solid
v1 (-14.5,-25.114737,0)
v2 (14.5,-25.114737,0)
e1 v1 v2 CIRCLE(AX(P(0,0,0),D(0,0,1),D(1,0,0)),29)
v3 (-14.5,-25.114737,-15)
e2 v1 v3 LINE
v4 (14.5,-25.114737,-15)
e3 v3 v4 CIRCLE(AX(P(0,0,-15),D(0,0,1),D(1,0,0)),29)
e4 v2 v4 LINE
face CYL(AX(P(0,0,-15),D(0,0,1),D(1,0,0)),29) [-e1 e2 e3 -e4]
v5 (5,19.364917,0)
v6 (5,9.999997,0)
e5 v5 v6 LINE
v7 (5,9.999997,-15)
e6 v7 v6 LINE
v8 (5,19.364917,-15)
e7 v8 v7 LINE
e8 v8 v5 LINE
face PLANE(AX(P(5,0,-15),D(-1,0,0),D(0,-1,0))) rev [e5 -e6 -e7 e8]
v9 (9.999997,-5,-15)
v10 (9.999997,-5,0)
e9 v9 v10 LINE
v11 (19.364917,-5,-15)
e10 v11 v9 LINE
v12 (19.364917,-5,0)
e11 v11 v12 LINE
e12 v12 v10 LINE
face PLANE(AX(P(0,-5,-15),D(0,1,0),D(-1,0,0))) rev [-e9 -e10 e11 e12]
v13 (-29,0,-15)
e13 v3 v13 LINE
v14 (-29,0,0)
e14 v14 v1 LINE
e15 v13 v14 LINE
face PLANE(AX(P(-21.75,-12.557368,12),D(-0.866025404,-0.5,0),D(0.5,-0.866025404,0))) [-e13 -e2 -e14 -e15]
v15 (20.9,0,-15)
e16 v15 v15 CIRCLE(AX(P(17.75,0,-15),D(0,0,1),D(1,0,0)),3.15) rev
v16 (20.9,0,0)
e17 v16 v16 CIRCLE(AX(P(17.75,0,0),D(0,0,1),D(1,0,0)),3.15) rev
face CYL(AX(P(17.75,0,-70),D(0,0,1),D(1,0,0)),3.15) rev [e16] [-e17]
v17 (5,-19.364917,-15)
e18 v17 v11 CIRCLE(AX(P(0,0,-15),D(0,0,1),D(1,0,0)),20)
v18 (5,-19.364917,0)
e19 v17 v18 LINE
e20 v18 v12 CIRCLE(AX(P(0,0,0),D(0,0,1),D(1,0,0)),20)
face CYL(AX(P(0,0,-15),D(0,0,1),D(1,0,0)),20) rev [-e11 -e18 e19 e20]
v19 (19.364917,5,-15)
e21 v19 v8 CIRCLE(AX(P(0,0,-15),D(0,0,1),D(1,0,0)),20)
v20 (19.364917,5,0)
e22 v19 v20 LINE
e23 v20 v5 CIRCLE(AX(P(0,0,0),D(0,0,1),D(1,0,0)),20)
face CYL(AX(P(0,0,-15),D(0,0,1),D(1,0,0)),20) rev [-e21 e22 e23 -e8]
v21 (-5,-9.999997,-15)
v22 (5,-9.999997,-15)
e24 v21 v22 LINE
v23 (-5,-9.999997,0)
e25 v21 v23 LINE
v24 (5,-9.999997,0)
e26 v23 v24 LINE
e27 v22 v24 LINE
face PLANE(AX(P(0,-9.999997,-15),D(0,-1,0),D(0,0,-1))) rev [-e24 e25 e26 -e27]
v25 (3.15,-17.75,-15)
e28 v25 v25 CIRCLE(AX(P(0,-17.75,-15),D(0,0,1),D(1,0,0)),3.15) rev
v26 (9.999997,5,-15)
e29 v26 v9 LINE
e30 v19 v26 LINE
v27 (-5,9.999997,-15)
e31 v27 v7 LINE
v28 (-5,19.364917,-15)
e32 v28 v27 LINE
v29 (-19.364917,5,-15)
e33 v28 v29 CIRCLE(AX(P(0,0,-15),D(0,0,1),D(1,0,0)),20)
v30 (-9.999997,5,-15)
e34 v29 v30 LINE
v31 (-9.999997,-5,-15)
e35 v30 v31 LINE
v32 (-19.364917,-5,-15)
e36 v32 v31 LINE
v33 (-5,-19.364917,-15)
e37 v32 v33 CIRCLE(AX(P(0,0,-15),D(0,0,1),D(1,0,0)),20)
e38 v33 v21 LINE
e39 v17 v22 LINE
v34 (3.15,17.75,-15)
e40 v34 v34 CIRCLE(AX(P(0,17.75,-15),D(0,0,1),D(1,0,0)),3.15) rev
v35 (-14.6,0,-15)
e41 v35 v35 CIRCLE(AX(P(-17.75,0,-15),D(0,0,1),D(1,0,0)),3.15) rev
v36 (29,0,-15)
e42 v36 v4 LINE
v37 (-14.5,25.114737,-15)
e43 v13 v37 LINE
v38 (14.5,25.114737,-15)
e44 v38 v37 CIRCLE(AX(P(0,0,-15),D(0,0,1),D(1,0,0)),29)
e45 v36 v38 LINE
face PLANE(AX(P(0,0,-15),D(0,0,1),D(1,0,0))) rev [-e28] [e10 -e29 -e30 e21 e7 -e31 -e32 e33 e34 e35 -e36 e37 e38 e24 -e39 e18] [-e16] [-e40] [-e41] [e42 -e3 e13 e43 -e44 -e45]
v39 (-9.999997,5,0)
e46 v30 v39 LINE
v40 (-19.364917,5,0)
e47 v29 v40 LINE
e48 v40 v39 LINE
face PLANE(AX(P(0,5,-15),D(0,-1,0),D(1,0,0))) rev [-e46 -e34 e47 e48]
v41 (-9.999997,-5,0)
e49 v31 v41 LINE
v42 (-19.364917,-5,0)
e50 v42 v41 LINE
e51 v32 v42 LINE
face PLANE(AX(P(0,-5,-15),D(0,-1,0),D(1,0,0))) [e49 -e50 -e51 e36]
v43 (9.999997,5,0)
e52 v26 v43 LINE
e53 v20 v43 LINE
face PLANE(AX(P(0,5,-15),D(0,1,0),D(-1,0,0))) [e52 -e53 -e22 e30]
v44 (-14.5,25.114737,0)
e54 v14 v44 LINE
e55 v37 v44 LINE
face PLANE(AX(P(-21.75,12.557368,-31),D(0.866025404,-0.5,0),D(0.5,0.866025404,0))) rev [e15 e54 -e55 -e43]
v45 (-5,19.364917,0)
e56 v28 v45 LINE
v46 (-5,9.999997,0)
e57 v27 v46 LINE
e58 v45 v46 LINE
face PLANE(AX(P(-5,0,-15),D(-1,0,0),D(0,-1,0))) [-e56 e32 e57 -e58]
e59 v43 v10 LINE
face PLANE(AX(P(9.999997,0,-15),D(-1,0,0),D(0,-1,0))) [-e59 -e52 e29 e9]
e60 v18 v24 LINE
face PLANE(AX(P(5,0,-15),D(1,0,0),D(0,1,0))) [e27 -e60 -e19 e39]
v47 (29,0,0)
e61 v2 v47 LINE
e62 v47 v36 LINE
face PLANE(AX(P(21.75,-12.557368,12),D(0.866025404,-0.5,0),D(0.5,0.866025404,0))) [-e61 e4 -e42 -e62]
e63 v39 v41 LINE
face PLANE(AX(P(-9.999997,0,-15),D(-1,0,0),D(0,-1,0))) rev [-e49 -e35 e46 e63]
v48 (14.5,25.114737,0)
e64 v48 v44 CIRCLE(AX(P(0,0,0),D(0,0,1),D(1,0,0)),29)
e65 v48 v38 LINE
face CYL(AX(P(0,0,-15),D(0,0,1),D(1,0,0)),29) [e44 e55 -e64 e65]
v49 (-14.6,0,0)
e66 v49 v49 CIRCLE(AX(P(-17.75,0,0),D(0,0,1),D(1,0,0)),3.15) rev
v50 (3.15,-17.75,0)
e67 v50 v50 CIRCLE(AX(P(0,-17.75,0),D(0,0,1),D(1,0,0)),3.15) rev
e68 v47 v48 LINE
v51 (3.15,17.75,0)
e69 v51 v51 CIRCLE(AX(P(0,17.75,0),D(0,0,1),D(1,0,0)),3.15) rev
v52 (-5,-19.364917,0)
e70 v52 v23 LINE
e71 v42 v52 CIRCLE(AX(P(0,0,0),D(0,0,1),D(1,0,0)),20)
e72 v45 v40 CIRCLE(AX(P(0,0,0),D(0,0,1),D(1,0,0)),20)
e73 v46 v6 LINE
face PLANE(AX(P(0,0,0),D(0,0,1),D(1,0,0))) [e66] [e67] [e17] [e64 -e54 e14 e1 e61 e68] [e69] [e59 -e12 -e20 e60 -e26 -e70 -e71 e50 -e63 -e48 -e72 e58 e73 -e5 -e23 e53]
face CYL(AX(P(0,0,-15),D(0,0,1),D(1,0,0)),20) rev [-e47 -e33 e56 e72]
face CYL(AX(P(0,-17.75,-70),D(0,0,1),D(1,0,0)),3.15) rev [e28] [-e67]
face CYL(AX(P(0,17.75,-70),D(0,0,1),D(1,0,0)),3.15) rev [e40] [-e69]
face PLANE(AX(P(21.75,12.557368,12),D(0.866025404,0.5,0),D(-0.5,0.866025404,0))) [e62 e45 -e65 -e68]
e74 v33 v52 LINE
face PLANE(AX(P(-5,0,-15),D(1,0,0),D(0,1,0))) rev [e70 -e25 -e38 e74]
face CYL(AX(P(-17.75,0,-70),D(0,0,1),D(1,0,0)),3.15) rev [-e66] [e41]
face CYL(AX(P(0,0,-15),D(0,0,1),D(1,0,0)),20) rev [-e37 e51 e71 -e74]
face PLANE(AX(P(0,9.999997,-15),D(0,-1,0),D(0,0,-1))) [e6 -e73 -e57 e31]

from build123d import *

# Parameters (mm, degrees)
SKETCH6_R                 = 29
SKETCH6_R_2               = 20
INNER_RING_DEPTH          = 15
MOTOR_CONNECTOR_CUT_DEPTH = 15
CUT_EXTRUDE1_DEPTH        = 16
CUT_EXTRUDE1_DEPTH_BACK   = 27
SKETCH10_R                = 3.15
CUT_EXTRUDE2_DEPTH        = 55
CUT_EXTRUDE2_DEPTH_BACK   = 70


with BuildPart() as part:
    # Sketch6 → Inner Ring (new body)
    with BuildSketch(Plane.XY):
        Circle(SKETCH6_R)
        Circle(SKETCH6_R_2, mode=Mode.SUBTRACT)
    extrude(amount=-INNER_RING_DEPTH)

    # Sketch7 → Motor Connector Cut (add)
    with BuildSketch(Plane.XY):
        with BuildLine():
            ThreePointArc((20, 0), (19.840593925, 2.52008585), (19.364916731, 5))
            Line((19.364916731, 5), (9.999996731, 5))
            Line((9.999996731, 5), (9.999996731, -5))
            Line((9.999996731, -5), (19.364916731, -5))
            ThreePointArc((19.364916731, -5), (19.840593925, -2.52008585), (20, 0))
        make_face()
        with BuildLine():
            ThreePointArc((5, 19.364916731), (0, 20), (-5, 19.364916731))
            Line((-5, 19.364916731), (-5, 9.999996731))
            Line((-5, 9.999996731), (5, 9.999996731))
            Line((5, 9.999996731), (5, 19.364916731))
        make_face()
        with BuildLine():
            Line((-9.999996731, -5), (-9.999996731, 5))
            Line((-9.999996731, 5), (-19.364916731, 5))
            ThreePointArc((-19.364916731, 5), (-20, 0), (-19.364916731, -5))
            Line((-19.364916731, -5), (-9.999996731, -5))
        make_face()
        with BuildLine():
            Line((-5, -9.999996731), (-5, -19.364916731))
            ThreePointArc((-5, -19.364916731), (0, -20), (5, -19.364916731))
            Line((5, -19.364916731), (5, -9.999996731))
            Line((5, -9.999996731), (-5, -9.999996731))
        make_face()
    extrude(amount=-MOTOR_CONNECTOR_CUT_DEPTH)

    # Sketch9 → Cut-Extrude1 (cut, two sides)
    with BuildSketch(Plane(origin=(0, 0, -15), x_dir=(-1, 0, 0), z_dir=(0, 0, -1))) as cut_extrude1_sk:
        with BuildLine():
            Line((14.5, 25.11473671), (29, 0))
            ThreePointArc((29, 0), (25.11473671, 14.5), (14.5, 25.11473671))
        make_face()
        with BuildLine():
            Line((-29, 0), (-14.5, 25.11473671))
            ThreePointArc((-14.5, 25.11473671), (-25.11473671, 14.5), (-29, 0))
        make_face()
        with BuildLine():
            ThreePointArc((-29, 0), (-25.11473671, -14.5), (-14.5, -25.11473671))
            Line((-14.5, -25.11473671), (-29, 0))
        make_face()
        with BuildLine():
            ThreePointArc((14.5, -25.11473671), (25.11473671, -14.5), (29, 0))
            Line((29, 0), (14.5, -25.11473671))
        make_face()
    extrude(amount=CUT_EXTRUDE1_DEPTH, mode=Mode.SUBTRACT)
    extrude(cut_extrude1_sk.sketch, amount=-CUT_EXTRUDE1_DEPTH_BACK, mode=Mode.SUBTRACT)

    # Sketch10 → Cut-Extrude2 (cut, two sides)
    with BuildSketch(Plane(origin=(0, 0, -15), x_dir=(-1, 0, 0), z_dir=(0, 0, -1))) as cut_extrude2_sk:
        with Locations((-17.75, 0)):
            Circle(SKETCH10_R)
        with Locations((0, 17.75)):
            Circle(SKETCH10_R)
        with Locations((17.75, 0)):
            Circle(SKETCH10_R)
        with Locations((0, -17.75)):
            Circle(SKETCH10_R)
    extrude(amount=CUT_EXTRUDE2_DEPTH, mode=Mode.SUBTRACT)
    extrude(cut_extrude2_sk.sketch, amount=-CUT_EXTRUDE2_DEPTH_BACK, mode=Mode.SUBTRACT)


solid = part.part
